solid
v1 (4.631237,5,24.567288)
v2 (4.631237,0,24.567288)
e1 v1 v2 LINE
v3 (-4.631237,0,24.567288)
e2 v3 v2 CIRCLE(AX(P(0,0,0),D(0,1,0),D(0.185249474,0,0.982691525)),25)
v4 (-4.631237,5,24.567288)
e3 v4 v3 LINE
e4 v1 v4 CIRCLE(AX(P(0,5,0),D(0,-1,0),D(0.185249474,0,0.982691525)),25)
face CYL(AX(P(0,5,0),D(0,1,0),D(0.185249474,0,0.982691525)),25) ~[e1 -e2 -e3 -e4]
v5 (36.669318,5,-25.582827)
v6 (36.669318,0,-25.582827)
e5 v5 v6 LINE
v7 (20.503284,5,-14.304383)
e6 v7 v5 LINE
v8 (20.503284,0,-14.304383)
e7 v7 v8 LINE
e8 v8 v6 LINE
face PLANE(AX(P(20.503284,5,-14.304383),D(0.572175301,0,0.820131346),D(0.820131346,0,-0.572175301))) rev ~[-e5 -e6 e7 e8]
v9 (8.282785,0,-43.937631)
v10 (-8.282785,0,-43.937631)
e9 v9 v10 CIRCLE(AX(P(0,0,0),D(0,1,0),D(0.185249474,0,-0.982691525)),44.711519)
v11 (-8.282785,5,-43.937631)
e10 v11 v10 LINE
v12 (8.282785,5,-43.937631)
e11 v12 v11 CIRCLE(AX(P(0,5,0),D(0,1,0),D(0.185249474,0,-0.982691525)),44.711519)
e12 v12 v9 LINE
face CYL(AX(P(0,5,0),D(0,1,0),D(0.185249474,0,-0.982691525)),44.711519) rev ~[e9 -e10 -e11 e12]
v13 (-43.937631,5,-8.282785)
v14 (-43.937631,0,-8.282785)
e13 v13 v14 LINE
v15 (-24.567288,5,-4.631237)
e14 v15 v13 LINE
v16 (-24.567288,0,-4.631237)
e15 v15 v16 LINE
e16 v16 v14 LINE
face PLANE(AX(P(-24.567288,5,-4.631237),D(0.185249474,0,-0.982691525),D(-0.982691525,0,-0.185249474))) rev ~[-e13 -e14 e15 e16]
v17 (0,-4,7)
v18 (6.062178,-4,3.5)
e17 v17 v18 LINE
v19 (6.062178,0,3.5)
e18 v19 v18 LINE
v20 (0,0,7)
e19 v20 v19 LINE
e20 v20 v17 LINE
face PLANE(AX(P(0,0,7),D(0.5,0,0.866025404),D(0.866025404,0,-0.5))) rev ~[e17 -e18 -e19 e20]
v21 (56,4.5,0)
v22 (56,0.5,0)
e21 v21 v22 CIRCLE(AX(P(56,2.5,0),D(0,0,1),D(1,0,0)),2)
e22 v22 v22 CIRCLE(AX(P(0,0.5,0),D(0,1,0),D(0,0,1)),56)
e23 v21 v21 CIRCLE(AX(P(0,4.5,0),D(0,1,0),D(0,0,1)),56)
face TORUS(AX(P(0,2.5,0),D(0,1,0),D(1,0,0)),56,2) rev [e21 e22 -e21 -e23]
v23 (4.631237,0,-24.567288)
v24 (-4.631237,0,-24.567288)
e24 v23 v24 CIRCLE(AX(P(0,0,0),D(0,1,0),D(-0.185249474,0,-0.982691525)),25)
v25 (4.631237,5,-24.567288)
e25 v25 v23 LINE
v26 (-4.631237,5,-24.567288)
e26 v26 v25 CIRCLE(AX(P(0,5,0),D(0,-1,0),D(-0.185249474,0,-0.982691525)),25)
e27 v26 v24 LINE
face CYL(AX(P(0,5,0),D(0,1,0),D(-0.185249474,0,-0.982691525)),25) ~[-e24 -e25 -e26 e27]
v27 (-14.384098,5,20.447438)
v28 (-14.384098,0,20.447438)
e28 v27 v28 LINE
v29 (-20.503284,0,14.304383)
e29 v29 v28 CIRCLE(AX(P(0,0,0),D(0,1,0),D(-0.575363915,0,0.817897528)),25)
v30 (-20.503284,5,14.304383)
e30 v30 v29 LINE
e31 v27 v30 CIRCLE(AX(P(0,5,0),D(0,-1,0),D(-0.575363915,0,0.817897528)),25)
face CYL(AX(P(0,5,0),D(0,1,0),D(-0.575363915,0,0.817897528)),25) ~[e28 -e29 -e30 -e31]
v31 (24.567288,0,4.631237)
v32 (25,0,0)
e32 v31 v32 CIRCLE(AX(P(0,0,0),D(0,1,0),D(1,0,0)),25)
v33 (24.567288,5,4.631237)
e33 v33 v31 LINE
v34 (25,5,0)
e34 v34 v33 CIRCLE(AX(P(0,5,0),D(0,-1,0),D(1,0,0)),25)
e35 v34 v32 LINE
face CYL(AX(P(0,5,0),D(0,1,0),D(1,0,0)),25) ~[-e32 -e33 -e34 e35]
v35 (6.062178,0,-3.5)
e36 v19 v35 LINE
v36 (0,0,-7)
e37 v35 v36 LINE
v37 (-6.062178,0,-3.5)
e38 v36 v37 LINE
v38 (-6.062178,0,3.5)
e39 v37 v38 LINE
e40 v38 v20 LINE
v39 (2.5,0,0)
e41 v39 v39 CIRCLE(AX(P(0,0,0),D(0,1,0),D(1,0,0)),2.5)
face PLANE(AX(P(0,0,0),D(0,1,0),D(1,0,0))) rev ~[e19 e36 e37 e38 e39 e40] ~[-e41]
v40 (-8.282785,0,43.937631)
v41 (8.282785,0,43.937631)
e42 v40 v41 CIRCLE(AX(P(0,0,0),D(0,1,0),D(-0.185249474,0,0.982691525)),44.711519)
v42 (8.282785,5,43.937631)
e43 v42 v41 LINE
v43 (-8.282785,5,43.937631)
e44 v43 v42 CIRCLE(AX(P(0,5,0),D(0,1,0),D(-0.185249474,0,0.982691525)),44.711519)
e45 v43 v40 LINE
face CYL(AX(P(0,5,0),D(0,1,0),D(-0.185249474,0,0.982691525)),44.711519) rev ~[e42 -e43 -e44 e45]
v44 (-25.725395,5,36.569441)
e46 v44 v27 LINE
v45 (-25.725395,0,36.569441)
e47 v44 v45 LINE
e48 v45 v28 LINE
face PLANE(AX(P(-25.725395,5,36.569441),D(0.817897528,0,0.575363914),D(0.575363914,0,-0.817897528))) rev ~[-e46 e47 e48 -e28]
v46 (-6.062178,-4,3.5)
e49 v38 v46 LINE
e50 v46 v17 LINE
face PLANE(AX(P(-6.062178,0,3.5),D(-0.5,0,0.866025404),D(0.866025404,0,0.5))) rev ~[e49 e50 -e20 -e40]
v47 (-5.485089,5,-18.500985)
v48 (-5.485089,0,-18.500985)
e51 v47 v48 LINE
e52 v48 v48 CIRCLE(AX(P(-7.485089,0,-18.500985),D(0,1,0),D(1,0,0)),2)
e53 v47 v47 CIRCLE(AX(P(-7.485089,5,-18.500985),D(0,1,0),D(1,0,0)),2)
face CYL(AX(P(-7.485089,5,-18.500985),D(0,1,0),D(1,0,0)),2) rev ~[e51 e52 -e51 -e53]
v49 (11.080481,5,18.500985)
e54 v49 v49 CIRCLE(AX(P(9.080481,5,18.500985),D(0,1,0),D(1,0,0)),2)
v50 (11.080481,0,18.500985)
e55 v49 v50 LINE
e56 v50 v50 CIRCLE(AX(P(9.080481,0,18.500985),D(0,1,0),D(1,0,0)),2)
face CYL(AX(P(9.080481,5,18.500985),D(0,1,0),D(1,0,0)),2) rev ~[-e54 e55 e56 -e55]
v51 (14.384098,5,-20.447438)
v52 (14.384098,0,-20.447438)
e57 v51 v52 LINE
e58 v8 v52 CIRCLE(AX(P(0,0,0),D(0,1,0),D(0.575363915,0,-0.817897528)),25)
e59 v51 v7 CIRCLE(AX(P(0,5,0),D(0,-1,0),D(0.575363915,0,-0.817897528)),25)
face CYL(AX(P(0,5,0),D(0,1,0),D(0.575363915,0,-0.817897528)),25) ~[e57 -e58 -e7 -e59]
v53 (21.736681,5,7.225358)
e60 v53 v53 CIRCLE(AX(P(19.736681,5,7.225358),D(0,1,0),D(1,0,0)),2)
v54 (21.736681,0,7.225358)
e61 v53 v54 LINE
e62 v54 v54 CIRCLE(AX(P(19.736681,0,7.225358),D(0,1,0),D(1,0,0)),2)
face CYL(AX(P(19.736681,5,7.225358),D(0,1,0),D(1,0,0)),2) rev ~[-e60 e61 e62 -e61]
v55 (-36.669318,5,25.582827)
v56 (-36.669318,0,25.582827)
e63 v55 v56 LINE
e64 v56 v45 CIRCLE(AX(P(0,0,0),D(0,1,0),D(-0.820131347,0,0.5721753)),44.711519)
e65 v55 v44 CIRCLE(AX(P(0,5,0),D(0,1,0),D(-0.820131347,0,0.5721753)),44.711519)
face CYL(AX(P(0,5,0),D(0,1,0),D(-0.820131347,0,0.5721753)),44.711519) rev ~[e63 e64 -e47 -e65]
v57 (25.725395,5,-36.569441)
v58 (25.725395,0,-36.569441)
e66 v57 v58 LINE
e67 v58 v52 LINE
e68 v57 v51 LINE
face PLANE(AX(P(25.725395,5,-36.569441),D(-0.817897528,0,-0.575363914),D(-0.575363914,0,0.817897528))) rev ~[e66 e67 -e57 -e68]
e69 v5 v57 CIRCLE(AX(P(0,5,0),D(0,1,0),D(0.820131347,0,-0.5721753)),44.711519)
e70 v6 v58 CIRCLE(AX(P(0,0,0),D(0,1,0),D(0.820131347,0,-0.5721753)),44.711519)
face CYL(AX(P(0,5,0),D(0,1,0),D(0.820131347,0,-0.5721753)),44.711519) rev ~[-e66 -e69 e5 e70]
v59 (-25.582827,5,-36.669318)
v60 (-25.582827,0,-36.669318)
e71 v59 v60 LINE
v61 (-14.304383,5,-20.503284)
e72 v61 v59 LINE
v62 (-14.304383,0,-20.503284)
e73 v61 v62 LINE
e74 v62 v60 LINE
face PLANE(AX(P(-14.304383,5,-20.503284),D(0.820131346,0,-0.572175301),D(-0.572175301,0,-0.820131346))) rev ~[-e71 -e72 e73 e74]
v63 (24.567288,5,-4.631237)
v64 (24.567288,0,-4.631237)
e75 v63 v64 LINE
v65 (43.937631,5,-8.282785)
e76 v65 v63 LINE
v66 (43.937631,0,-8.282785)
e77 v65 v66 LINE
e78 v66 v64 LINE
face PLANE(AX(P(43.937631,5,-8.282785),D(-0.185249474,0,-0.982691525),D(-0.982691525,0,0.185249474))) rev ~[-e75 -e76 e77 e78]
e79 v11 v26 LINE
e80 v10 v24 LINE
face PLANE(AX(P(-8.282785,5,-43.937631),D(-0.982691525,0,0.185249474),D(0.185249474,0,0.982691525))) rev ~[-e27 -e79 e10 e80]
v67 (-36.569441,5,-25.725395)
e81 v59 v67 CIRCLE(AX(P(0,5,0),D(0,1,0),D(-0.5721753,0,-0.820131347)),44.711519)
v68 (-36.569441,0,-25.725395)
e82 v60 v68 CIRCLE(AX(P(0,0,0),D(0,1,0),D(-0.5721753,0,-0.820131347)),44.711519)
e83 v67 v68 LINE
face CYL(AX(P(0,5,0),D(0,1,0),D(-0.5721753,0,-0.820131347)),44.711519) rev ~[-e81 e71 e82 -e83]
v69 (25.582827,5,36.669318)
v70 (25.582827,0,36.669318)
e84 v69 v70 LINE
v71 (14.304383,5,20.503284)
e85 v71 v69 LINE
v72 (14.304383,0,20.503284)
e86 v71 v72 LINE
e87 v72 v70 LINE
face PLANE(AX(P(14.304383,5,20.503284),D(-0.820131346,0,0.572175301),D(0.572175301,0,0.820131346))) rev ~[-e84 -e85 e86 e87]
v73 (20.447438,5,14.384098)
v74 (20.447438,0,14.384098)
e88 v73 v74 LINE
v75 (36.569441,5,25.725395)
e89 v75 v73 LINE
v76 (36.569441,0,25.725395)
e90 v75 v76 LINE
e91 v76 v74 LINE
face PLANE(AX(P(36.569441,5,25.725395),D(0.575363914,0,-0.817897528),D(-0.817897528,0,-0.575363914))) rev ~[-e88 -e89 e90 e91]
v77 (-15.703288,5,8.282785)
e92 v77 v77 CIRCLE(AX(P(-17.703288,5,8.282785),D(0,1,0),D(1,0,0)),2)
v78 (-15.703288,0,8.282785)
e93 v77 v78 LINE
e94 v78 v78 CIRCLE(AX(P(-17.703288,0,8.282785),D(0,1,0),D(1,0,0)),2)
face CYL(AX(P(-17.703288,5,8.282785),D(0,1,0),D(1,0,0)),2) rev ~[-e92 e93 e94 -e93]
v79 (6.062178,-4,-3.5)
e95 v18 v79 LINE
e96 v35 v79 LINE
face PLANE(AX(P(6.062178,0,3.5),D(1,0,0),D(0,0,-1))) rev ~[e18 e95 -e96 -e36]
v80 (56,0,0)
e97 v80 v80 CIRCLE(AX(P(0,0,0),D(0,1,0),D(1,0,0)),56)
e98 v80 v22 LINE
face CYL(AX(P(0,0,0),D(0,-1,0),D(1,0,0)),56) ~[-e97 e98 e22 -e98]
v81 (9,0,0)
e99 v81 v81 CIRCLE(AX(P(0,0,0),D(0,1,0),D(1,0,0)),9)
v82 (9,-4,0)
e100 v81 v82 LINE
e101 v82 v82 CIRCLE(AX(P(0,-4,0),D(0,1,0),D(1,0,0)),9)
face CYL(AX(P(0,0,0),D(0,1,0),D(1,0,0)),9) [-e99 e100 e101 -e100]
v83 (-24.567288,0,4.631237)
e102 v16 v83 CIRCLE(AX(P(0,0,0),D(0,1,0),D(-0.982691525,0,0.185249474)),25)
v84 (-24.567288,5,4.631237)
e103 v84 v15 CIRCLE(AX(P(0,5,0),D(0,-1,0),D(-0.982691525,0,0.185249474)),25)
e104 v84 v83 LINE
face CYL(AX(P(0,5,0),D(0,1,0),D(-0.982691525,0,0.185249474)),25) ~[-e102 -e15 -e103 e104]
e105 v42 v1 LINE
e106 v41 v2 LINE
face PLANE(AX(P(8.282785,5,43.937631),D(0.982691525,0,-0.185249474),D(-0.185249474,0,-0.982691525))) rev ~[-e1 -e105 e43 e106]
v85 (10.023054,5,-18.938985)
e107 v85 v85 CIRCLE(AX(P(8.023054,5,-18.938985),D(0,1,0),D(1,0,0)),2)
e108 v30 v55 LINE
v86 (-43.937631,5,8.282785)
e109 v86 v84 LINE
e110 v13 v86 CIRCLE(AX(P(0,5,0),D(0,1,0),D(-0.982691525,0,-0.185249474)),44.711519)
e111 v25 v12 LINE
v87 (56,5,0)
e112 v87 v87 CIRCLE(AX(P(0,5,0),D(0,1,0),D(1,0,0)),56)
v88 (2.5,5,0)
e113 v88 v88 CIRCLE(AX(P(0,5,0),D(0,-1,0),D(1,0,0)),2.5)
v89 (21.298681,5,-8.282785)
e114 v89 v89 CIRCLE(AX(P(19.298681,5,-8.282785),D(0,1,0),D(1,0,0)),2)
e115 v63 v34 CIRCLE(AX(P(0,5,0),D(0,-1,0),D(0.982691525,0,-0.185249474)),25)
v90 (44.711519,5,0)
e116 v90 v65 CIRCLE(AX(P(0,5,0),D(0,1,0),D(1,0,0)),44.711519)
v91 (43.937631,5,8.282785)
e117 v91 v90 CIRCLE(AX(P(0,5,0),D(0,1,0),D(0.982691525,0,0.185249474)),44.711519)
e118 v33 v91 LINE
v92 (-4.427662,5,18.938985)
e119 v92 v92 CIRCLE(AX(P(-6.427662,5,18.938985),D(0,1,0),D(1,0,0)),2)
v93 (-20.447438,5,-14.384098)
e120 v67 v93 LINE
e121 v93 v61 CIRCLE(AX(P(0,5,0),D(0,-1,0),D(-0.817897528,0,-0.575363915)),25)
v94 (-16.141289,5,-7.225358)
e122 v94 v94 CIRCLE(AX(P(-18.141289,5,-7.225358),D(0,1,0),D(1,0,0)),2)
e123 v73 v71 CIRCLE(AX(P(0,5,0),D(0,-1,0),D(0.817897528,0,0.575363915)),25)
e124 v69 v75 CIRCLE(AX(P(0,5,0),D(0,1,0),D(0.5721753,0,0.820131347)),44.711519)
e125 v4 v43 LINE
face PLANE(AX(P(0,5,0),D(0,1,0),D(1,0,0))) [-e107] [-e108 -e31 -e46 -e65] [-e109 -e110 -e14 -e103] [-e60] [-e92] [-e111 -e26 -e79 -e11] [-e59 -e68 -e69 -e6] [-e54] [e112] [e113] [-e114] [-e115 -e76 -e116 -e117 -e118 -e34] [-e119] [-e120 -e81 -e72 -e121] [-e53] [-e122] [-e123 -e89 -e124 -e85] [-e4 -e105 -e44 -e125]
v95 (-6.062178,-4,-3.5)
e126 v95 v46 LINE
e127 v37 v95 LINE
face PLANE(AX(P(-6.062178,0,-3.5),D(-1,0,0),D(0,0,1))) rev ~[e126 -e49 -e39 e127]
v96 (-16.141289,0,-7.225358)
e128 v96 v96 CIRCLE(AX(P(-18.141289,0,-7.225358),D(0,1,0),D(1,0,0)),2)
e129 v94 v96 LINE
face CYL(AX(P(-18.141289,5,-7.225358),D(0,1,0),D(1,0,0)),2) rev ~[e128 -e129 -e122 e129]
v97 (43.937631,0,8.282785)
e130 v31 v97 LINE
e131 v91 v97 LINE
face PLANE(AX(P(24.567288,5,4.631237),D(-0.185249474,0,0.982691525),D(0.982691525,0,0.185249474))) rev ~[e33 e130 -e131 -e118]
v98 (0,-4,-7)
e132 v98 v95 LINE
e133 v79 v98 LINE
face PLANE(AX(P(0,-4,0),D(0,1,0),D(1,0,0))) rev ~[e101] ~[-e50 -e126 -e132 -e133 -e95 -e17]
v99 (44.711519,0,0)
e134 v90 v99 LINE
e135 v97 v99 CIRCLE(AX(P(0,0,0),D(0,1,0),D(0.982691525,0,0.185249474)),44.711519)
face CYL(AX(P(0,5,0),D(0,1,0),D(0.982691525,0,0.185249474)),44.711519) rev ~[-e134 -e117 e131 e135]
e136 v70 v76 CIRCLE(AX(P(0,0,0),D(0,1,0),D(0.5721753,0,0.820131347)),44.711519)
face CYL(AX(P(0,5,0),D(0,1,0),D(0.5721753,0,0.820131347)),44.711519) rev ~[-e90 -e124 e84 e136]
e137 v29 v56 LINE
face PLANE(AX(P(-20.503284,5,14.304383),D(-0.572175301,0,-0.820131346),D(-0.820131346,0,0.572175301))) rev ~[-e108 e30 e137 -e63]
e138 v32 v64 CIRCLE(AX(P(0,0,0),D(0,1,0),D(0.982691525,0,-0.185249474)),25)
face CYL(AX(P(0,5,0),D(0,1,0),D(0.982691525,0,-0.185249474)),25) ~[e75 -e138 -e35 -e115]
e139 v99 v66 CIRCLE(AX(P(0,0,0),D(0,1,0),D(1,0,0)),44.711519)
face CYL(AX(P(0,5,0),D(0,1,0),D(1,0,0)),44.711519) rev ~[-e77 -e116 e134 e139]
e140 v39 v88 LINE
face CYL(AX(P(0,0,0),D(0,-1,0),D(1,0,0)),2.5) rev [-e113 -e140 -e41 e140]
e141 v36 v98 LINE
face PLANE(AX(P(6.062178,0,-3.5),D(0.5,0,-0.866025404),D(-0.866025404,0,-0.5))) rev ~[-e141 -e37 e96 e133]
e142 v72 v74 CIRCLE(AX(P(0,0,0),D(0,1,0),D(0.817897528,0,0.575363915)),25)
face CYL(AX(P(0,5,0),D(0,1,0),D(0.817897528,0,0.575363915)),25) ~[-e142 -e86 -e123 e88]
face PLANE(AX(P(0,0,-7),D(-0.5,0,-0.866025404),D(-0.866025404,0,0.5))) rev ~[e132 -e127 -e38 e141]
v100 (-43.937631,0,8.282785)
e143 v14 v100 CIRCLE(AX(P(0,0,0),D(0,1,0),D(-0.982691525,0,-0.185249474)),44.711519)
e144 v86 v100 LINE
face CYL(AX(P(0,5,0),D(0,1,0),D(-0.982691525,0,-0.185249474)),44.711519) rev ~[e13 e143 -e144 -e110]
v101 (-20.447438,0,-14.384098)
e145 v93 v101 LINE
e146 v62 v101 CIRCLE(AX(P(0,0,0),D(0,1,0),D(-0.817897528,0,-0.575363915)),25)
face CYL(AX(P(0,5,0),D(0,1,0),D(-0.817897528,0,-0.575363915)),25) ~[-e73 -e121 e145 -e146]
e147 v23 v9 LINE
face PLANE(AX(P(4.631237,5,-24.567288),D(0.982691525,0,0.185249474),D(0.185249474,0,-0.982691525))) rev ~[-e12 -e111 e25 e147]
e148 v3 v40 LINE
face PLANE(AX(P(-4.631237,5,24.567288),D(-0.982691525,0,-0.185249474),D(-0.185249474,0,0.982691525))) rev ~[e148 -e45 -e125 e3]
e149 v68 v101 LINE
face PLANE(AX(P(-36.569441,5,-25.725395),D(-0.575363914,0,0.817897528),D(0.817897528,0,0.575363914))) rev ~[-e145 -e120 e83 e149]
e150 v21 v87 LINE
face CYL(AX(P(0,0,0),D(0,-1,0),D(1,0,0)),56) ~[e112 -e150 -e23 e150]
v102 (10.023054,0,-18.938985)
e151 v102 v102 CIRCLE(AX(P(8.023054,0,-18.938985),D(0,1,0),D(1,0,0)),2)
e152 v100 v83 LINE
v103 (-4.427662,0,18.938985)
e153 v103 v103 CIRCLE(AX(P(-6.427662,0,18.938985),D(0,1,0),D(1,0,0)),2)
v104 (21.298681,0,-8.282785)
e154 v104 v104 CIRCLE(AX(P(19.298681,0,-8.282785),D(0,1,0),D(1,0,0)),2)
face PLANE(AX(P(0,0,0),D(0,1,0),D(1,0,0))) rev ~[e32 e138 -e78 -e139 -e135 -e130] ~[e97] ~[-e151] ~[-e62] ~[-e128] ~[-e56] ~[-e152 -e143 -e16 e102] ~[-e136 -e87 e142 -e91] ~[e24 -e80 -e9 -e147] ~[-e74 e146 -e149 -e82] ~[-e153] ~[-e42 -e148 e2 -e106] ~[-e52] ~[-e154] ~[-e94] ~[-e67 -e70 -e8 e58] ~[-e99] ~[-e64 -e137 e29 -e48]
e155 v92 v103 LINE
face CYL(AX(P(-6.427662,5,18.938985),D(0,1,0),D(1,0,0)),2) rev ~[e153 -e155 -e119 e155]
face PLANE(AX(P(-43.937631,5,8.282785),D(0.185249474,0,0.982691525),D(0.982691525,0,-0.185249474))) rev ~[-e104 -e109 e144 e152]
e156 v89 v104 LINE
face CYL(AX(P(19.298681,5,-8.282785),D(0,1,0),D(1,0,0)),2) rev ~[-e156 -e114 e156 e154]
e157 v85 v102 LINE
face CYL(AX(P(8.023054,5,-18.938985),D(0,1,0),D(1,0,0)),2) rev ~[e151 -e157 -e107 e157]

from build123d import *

# Parameters (mm, degrees)
SKETCH6_R                = 56
BOSS_EXTRUDE3_DEPTH      = 5
CUT_EXTRUDE4_DEPTH       = 1
CUT_EXTRUDE4_DEPTH_BACK  = 6
SKETCH7_8_R              = 2
CUT_EXTRUDE5_DEPTH       = 1
CUT_EXTRUDE5_DEPTH_BACK  = 6
SKETCH10_R               = 2
SKETCH11_R               = 2.5
CUT_EXTRUDE14_DEPTH      = 6
CUT_EXTRUDE14_DEPTH_BACK = 5
SKETCH12_R               = 9
BOSS_EXTRUDE4_DEPTH      = 4


with BuildPart() as part:
    # Sketch6 → Boss-Extrude3 (new body)
    with BuildSketch(Plane(origin=(0, 0, 0), x_dir=(1, 0, 0), z_dir=(0, 1, 0))):
        Circle(SKETCH6_R)
    extrude(amount=BOSS_EXTRUDE3_DEPTH)

    # Sketch7 → Cut-Extrude4 (cut, two sides)
    with BuildSketch(Plane(origin=(0, 5, 0), x_dir=(1, 0, 0), z_dir=(0, 1, 0))) as cut_extrude4_sk:
        with BuildLine():
            Line((20.503283661, 14.304382514), (36.669318151, 25.582826732))
            ThreePointArc((36.669318151, 25.582826732), (31.677302024, 31.554214517), (25.725394502, 36.569440726))
            Line((25.725394502, 36.569440726), (14.384097861, 20.447438195))
            ThreePointArc((14.384097861, 20.447438195), (17.712047613, 17.64322446), (20.503283661, 14.304382514))
        make_face()
        with BuildLine():
            Line((4.631236844, 24.567288114), (8.282785337, 43.937630618))
            ThreePointArc((8.282785337, 43.937630618), (0, 44.711518844), (-8.282785337, 43.937630618))
            Line((-8.282785337, 43.937630618), (-4.631236844, 24.567288114))
            ThreePointArc((-4.631236844, 24.567288114), (0, 25), (4.631236844, 24.567288114))
        make_face()
        with BuildLine():
            Line((-14.304382514, 20.503283661), (-25.582826732, 36.669318151))
            ThreePointArc((-25.582826732, 36.669318151), (-31.554214517, 31.677302024), (-36.569440726, 25.725394502))
            Line((-36.569440726, 25.725394502), (-20.447438195, 14.384097861))
            ThreePointArc((-20.447438195, 14.384097861), (-17.64322446, 17.712047613), (-14.304382514, 20.503283661))
        make_face()
        with BuildLine():
            Line((-24.567288114, 4.631236844), (-43.937630618, 8.282785337))
            ThreePointArc((-43.937630618, 8.282785337), (-44.711518844, 0), (-43.937630618, -8.282785337))
            Line((-43.937630618, -8.282785337), (-24.567288114, -4.631236844))
            ThreePointArc((-24.567288114, -4.631236844), (-25, 0), (-24.567288114, 4.631236844))
        make_face()
        with BuildLine():
            ThreePointArc((-36.669318151, -25.582826732), (-31.677302024, -31.554214517), (-25.725394502, -36.569440726))
            Line((-25.725394502, -36.569440726), (-14.384097861, -20.447438195))
            ThreePointArc((-14.384097861, -20.447438195), (-17.712047613, -17.64322446), (-20.503283661, -14.304382514))
            Line((-20.503283661, -14.304382514), (-36.669318151, -25.582826732))
        make_face()
        with BuildLine():
            ThreePointArc((-8.282785337, -43.937630618), (0, -44.711518844), (8.282785337, -43.937630618))
            Line((8.282785337, -43.937630618), (4.631236844, -24.567288114))
            ThreePointArc((4.631236844, -24.567288114), (0, -25), (-4.631236844, -24.567288114))
            Line((-4.631236844, -24.567288114), (-8.282785337, -43.937630618))
        make_face()
        with BuildLine():
            ThreePointArc((25.582826732, -36.669318151), (31.554214517, -31.677302024), (36.569440726, -25.725394502))
            Line((36.569440726, -25.725394502), (20.447438195, -14.384097861))
            ThreePointArc((20.447438195, -14.384097861), (17.64322446, -17.712047613), (14.304382514, -20.503283661))
            Line((14.304382514, -20.503283661), (25.582826732, -36.669318151))
        make_face()
        with BuildLine():
            ThreePointArc((44.711518844, 0), (44.517626378, 4.159430127), (43.937630618, 8.282785337))
            Line((43.937630618, 8.282785337), (24.567288114, 4.631236844))
            ThreePointArc((24.567288114, 4.631236844), (24.891586961, 2.325703887), (25, 0))
            ThreePointArc((25, 0), (24.891586961, -2.325703887), (24.567288114, -4.631236844))
            Line((24.567288114, -4.631236844), (43.937630618, -8.282785337))
            ThreePointArc((43.937630618, -8.282785337), (44.517626378, -4.159430127), (44.711518844, 0))
        make_face()
    extrude(amount=CUT_EXTRUDE4_DEPTH, mode=Mode.SUBTRACT)
    extrude(cut_extrude4_sk.sketch, amount=-CUT_EXTRUDE4_DEPTH_BACK, mode=Mode.SUBTRACT)

    # Sketch7<8> → Cut-Extrude5 (cut, two sides)
    with BuildSketch(Plane(origin=(0, 5, 0), x_dir=(1, 0, 0), z_dir=(0, 1, 0))) as cut_extrude5_sk:
        with Locations((19.298680627, 8.282785337)):
            Circle(SKETCH7_8_R)
        with Locations((19.736681401, -7.225357928)):
            Circle(SKETCH7_8_R)
        with Locations((8.023054044, 18.938985285)):
            Circle(SKETCH7_8_R)
        with Locations((9.080481453, -18.500984511)):
            Circle(SKETCH7_8_R)
        with Locations((-7.485089221, 18.500984511)):
            Circle(SKETCH7_8_R)
        with Locations((-6.427661812, -18.938985285)):
            Circle(SKETCH7_8_R)
        with Locations((-18.141289169, 7.225357928)):
            Circle(SKETCH7_8_R)
        with Locations((-17.703288395, -8.282785337)):
            Circle(SKETCH7_8_R)
    extrude(amount=CUT_EXTRUDE5_DEPTH, mode=Mode.SUBTRACT)
    extrude(cut_extrude5_sk.sketch, amount=-CUT_EXTRUDE5_DEPTH_BACK, mode=Mode.SUBTRACT)

    # Sketch10 → Cut-Revolve1 (revolve, cut)
    with BuildSketch(Plane.XY):
        with Locations((56, 2.5)):
            Circle(SKETCH10_R)
    revolve(axis=Axis((0, 40.614262211, 0), (0, -1, 0)), mode=Mode.SUBTRACT)

    # Sketch11 → Cut-Extrude14 (cut, two sides)
    with BuildSketch(Plane(origin=(0, 0, 0), x_dir=(1, 0, 0), z_dir=(0, 1, 0))) as cut_extrude14_sk:
        Circle(SKETCH11_R)
    extrude(amount=CUT_EXTRUDE14_DEPTH, mode=Mode.SUBTRACT)
    extrude(cut_extrude14_sk.sketch, amount=-CUT_EXTRUDE14_DEPTH_BACK, mode=Mode.SUBTRACT)

    # Sketch12 → Boss-Extrude4 (add)
    with BuildSketch(Plane(origin=(0, 0, 0), x_dir=(1, 0, 0), z_dir=(0, 1, 0))):
        Circle(SKETCH12_R)
        Polygon((0, 7), (-6.062177826, 3.5), (-6.062177826, -3.5), (0, -7), (6.062177826, -3.5), (6.062177826, 3.5), align=None, mode=Mode.SUBTRACT)
    extrude(amount=-BOSS_EXTRUDE4_DEPTH)


solid = part.part
